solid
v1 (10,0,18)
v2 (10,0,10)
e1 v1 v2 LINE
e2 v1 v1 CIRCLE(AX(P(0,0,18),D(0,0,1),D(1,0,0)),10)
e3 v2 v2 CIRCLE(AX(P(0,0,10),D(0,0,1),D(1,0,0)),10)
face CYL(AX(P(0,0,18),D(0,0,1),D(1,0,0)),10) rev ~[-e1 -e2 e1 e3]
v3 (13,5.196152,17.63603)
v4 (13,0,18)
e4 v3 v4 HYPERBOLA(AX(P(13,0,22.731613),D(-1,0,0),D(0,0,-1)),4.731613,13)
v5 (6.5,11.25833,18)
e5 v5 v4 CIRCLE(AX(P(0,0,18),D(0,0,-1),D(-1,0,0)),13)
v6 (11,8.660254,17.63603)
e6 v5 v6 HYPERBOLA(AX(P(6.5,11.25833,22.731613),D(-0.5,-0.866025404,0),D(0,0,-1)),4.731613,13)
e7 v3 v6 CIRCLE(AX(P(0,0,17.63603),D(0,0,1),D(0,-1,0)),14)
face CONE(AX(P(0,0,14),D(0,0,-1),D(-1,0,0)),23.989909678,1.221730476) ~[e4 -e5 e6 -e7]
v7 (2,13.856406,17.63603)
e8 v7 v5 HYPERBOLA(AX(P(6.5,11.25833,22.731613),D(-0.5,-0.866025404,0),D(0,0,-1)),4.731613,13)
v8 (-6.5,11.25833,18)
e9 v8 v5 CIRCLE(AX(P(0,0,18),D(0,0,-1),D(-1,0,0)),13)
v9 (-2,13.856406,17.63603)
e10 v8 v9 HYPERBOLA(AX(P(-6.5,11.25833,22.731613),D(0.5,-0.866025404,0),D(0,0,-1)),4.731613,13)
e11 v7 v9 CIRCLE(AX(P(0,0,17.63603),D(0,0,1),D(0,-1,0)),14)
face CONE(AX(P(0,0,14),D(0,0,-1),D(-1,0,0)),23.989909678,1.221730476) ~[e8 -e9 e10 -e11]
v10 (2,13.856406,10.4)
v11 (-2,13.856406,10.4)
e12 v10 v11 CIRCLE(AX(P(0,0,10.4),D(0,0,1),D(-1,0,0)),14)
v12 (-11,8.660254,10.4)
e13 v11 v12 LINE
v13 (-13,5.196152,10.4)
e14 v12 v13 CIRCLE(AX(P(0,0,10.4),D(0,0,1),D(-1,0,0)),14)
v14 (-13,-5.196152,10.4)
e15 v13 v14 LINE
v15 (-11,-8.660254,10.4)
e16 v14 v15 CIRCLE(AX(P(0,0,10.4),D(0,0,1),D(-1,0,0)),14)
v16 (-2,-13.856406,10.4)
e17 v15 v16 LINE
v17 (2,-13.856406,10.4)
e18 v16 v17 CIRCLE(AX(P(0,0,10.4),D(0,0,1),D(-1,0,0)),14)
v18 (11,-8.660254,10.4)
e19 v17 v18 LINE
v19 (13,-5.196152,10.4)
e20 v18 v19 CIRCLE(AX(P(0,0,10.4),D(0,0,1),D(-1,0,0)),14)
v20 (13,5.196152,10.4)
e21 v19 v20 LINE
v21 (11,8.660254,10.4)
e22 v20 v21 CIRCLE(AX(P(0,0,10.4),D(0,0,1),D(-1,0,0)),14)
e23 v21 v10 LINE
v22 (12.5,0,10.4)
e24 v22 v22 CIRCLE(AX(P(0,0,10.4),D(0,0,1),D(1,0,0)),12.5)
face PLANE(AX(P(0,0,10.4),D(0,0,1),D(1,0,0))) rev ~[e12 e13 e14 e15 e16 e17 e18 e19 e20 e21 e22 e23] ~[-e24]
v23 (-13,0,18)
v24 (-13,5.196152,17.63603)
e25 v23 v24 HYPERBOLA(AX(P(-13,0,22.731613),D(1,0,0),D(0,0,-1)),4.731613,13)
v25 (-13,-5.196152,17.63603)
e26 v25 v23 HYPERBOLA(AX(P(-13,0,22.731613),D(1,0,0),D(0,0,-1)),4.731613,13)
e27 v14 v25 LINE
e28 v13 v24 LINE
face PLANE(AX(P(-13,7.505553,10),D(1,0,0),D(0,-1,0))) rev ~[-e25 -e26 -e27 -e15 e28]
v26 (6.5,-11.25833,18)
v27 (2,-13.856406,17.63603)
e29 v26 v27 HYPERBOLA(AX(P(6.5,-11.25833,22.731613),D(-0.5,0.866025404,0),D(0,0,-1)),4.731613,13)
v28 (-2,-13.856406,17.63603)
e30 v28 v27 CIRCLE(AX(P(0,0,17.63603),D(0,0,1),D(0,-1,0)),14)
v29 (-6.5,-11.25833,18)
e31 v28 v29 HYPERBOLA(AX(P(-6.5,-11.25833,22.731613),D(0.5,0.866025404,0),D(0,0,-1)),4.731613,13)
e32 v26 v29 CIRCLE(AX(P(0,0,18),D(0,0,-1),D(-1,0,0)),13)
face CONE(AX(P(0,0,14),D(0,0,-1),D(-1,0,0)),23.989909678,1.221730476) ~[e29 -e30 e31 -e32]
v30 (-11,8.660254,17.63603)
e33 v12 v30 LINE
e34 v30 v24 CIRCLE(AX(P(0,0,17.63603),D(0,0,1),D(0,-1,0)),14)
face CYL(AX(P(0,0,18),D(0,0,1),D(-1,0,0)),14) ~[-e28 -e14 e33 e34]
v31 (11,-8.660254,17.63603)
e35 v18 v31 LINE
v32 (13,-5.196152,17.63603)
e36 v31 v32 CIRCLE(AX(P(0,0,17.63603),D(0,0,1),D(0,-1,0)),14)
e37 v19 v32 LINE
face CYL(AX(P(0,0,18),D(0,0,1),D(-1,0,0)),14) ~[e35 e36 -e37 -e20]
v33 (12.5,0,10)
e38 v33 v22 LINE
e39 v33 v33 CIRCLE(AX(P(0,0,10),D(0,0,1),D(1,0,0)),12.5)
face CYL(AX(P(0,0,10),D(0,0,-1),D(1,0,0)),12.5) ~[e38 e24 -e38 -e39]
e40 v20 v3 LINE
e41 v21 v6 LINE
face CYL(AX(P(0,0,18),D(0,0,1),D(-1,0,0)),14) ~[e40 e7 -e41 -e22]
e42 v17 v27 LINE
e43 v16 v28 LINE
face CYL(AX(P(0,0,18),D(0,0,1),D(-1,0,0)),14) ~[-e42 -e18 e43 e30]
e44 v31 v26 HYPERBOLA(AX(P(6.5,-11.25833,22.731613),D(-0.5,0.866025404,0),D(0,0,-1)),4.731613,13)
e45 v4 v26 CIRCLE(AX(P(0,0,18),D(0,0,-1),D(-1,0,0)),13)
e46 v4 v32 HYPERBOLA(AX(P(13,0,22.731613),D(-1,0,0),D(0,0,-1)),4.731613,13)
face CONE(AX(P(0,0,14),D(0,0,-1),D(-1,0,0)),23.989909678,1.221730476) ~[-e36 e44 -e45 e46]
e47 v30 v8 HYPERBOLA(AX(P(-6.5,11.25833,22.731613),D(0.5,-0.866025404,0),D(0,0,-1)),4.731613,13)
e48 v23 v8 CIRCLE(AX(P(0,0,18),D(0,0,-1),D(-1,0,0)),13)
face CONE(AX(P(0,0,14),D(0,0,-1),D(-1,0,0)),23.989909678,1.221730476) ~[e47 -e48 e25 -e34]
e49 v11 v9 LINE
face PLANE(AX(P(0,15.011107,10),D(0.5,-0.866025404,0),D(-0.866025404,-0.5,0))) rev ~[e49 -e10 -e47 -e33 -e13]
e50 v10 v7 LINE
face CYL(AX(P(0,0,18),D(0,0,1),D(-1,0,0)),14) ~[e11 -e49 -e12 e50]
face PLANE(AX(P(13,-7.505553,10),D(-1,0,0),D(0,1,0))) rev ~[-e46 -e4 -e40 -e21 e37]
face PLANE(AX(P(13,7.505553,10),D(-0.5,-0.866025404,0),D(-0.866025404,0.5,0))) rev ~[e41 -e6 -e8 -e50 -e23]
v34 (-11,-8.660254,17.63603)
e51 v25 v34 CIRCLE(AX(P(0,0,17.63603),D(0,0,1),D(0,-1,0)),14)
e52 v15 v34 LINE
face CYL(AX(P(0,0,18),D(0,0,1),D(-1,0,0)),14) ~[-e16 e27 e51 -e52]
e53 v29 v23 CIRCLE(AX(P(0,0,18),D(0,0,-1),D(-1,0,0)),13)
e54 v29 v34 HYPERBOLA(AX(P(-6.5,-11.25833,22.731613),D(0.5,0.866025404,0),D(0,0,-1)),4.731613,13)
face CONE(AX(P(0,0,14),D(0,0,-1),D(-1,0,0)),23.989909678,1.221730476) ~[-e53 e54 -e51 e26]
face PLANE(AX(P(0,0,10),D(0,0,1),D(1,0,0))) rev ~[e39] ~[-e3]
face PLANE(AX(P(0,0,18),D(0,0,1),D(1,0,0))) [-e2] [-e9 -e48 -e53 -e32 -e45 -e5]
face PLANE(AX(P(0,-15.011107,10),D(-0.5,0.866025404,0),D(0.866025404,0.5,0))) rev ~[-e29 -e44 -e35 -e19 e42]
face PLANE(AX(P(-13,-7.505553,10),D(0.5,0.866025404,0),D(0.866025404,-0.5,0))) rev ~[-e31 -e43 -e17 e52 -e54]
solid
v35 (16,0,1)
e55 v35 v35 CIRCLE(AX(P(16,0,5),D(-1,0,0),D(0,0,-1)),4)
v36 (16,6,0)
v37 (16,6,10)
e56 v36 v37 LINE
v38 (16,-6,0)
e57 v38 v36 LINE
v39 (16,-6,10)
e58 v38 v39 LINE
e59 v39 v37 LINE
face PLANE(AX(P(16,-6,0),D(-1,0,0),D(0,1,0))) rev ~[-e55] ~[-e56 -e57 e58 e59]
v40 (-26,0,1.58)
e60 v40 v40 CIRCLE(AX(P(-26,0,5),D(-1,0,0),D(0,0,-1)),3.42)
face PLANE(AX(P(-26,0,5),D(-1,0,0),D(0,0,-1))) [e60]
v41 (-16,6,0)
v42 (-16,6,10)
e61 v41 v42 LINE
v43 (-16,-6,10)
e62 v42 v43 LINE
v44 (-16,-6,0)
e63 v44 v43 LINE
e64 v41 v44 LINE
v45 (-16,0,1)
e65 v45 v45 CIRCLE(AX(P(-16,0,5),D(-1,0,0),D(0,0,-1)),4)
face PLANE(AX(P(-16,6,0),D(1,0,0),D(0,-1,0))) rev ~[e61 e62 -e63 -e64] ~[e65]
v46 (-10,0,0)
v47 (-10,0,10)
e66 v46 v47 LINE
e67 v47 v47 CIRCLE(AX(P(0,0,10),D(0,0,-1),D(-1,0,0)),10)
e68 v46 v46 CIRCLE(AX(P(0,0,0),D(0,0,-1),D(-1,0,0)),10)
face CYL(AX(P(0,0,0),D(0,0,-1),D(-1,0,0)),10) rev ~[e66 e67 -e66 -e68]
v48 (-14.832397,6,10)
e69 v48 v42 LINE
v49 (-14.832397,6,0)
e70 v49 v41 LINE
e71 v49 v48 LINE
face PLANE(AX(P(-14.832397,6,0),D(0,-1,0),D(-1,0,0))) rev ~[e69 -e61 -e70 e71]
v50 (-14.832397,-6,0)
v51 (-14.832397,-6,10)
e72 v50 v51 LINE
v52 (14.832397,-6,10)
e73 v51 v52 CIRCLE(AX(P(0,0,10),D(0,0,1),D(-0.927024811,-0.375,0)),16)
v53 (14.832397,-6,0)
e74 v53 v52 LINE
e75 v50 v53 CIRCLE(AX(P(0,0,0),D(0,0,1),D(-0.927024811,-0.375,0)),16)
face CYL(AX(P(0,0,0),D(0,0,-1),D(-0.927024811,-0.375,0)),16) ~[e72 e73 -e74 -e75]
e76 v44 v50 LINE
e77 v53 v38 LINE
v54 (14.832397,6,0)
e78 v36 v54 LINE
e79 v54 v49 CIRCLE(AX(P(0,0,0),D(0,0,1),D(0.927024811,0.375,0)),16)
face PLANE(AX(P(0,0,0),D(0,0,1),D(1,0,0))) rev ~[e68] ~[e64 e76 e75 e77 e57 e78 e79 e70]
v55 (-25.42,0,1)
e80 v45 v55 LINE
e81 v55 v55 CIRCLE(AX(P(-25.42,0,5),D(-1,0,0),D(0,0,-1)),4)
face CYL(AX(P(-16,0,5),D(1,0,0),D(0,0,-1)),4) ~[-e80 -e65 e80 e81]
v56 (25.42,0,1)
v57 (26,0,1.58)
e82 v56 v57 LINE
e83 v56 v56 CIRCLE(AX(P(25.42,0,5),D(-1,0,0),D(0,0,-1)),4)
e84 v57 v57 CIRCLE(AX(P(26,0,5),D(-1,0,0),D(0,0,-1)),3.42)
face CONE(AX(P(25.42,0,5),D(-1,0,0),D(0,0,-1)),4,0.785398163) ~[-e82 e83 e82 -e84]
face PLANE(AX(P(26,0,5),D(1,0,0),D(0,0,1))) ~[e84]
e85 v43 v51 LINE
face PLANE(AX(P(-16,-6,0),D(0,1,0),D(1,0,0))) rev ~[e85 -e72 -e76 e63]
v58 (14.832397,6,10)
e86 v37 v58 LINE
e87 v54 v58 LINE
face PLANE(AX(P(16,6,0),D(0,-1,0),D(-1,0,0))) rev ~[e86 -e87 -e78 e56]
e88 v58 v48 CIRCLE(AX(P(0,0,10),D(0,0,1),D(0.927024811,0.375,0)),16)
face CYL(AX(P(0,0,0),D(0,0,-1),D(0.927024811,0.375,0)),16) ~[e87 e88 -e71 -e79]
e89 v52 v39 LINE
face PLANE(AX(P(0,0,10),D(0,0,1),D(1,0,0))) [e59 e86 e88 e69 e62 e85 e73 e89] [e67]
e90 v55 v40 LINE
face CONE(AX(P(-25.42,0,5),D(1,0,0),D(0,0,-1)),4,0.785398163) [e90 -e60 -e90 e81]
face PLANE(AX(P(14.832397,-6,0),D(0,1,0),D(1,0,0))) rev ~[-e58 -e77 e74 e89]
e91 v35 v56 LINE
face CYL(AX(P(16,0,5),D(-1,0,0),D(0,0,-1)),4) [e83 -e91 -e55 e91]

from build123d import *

# Parameters (mm, degrees)
EXTRUDE_1_DEPTH     = 10
SKETCH_3_R          = 4
EXTRUDE_2_DEPTH     = 10
EXTRUDE_3_DEPTH     = 8
SKETCH_6_R          = 15.011106999
SKETCH_6_R_2        = 12.5
CUT_EXTRUDE_1_DEPTH = 0.4
SKETCH_7_OUTSIDE_W  = 66.732
SKETCH_7_OUTSIDE_H  = 46.732
SKETCH_7_OUTSIDE_R  = 14
CUT_EXTRUDE_2_DEPTH = 8
SKETCH_8_R          = 10
CUT_EXTRUDE_3_DEPTH = 36.440090293
SKETCH_9_R          = 10
CUT_EXTRUDE_4_DEPTH = 36.440090293
CHAMFER_1_SIZE      = 0.58


with BuildPart() as part:
    # 草图2 → 凸台-拉伸1 (new body)
    with BuildSketch(Plane.XY):
        with BuildLine():
            Line((-16, 6), (-16, -6))
            Line((-16, -6), (-14.832396974, -6))
            ThreePointArc((-14.832396974, -6), (0, -16), (14.832396974, -6))
            Line((14.832396974, -6), (16, -6))
            Line((16, -6), (16, 6))
            Line((16, 6), (14.832396974, 6))
            ThreePointArc((14.832396974, 6), (0, 16), (-14.832396974, 6))
            Line((-14.832396974, 6), (-16, 6))
        make_face()
    extrude(amount=EXTRUDE_1_DEPTH)

    # 草图3 → 凸台-拉伸2 (add)
    with BuildSketch(Plane.ZY.offset(16)):
        with Locations(Location((5, 0, 0), (0, 0, 180))):
            Circle(SKETCH_3_R)
    extrude_2 = extrude(amount=EXTRUDE_2_DEPTH)

    # 镜向1: 凸台-拉伸2 across plane
    add(extrude_2.mirror(Plane(origin=(0, 0, 0), x_dir=(0, 0, 1), z_dir=(1, 0, 0))))

    # 草图8 → 切除-拉伸3 (cut, through all)
    with BuildSketch(Plane(origin=(0, 0, 0), x_dir=(-1, 0, 0), z_dir=(0, 0, -1))):
        Circle(SKETCH_8_R)
    extrude(amount=-CUT_EXTRUDE_3_DEPTH, mode=Mode.SUBTRACT)

    # 倒角1
    chamfer_1_edges = [part.edges().sort_by_distance(p)[0] for p in [
        (-26, 0, 9),
        (26, 0, 9),
    ]]
    chamfer(chamfer_1_edges, length=CHAMFER_1_SIZE)


with BuildPart() as body_2:
    # 草图4 → 凸台-拉伸3 (new body)
    with BuildSketch(Plane.XY.offset(10)):
        Polygon((13, 7.505553499), (0, 15.011106999), (-13, 7.505553499), (-13, -7.505553499), (0, -15.011106999), (13, -7.505553499), align=None)
    extrude(amount=EXTRUDE_3_DEPTH)

    # 草图5 → 切除-旋转1 (revolve, cut)
    with BuildSketch(Plane(origin=(0, 0, 0), x_dir=(1, 0, 0), z_dir=(0, 1, 0))):
        Polygon((-13, -18), (-23.989909678, -18), (-23.989909678, -14), align=None)
    revolve(axis=Axis((0, 0, 10), (0, 0, -1)), mode=Mode.SUBTRACT)

    # 草图6 → 切除-拉伸1 (cut)
    with BuildSketch(Plane.XY.offset(10)):
        Circle(SKETCH_6_R)
        Circle(SKETCH_6_R_2, mode=Mode.SUBTRACT)
    extrude(amount=CUT_EXTRUDE_1_DEPTH, mode=Mode.SUBTRACT)

    # 草图7 outside → 切除-拉伸2 (cut)
    with BuildSketch(Plane(origin=(0, 0, 18), x_dir=(-1, 0, 0), z_dir=(0, 0, -1))):
        Rectangle(SKETCH_7_OUTSIDE_W, SKETCH_7_OUTSIDE_H)
        Circle(SKETCH_7_OUTSIDE_R, mode=Mode.SUBTRACT)
    extrude(amount=CUT_EXTRUDE_2_DEPTH, mode=Mode.SUBTRACT)

    # 草图9 → 切除-拉伸4 (cut, through all)
    with BuildSketch(Plane.XY.offset(18)):
        Circle(SKETCH_9_R)
    extrude(amount=-CUT_EXTRUDE_4_DEPTH, mode=Mode.SUBTRACT)


solid = Compound([part.part, body_2.part])
